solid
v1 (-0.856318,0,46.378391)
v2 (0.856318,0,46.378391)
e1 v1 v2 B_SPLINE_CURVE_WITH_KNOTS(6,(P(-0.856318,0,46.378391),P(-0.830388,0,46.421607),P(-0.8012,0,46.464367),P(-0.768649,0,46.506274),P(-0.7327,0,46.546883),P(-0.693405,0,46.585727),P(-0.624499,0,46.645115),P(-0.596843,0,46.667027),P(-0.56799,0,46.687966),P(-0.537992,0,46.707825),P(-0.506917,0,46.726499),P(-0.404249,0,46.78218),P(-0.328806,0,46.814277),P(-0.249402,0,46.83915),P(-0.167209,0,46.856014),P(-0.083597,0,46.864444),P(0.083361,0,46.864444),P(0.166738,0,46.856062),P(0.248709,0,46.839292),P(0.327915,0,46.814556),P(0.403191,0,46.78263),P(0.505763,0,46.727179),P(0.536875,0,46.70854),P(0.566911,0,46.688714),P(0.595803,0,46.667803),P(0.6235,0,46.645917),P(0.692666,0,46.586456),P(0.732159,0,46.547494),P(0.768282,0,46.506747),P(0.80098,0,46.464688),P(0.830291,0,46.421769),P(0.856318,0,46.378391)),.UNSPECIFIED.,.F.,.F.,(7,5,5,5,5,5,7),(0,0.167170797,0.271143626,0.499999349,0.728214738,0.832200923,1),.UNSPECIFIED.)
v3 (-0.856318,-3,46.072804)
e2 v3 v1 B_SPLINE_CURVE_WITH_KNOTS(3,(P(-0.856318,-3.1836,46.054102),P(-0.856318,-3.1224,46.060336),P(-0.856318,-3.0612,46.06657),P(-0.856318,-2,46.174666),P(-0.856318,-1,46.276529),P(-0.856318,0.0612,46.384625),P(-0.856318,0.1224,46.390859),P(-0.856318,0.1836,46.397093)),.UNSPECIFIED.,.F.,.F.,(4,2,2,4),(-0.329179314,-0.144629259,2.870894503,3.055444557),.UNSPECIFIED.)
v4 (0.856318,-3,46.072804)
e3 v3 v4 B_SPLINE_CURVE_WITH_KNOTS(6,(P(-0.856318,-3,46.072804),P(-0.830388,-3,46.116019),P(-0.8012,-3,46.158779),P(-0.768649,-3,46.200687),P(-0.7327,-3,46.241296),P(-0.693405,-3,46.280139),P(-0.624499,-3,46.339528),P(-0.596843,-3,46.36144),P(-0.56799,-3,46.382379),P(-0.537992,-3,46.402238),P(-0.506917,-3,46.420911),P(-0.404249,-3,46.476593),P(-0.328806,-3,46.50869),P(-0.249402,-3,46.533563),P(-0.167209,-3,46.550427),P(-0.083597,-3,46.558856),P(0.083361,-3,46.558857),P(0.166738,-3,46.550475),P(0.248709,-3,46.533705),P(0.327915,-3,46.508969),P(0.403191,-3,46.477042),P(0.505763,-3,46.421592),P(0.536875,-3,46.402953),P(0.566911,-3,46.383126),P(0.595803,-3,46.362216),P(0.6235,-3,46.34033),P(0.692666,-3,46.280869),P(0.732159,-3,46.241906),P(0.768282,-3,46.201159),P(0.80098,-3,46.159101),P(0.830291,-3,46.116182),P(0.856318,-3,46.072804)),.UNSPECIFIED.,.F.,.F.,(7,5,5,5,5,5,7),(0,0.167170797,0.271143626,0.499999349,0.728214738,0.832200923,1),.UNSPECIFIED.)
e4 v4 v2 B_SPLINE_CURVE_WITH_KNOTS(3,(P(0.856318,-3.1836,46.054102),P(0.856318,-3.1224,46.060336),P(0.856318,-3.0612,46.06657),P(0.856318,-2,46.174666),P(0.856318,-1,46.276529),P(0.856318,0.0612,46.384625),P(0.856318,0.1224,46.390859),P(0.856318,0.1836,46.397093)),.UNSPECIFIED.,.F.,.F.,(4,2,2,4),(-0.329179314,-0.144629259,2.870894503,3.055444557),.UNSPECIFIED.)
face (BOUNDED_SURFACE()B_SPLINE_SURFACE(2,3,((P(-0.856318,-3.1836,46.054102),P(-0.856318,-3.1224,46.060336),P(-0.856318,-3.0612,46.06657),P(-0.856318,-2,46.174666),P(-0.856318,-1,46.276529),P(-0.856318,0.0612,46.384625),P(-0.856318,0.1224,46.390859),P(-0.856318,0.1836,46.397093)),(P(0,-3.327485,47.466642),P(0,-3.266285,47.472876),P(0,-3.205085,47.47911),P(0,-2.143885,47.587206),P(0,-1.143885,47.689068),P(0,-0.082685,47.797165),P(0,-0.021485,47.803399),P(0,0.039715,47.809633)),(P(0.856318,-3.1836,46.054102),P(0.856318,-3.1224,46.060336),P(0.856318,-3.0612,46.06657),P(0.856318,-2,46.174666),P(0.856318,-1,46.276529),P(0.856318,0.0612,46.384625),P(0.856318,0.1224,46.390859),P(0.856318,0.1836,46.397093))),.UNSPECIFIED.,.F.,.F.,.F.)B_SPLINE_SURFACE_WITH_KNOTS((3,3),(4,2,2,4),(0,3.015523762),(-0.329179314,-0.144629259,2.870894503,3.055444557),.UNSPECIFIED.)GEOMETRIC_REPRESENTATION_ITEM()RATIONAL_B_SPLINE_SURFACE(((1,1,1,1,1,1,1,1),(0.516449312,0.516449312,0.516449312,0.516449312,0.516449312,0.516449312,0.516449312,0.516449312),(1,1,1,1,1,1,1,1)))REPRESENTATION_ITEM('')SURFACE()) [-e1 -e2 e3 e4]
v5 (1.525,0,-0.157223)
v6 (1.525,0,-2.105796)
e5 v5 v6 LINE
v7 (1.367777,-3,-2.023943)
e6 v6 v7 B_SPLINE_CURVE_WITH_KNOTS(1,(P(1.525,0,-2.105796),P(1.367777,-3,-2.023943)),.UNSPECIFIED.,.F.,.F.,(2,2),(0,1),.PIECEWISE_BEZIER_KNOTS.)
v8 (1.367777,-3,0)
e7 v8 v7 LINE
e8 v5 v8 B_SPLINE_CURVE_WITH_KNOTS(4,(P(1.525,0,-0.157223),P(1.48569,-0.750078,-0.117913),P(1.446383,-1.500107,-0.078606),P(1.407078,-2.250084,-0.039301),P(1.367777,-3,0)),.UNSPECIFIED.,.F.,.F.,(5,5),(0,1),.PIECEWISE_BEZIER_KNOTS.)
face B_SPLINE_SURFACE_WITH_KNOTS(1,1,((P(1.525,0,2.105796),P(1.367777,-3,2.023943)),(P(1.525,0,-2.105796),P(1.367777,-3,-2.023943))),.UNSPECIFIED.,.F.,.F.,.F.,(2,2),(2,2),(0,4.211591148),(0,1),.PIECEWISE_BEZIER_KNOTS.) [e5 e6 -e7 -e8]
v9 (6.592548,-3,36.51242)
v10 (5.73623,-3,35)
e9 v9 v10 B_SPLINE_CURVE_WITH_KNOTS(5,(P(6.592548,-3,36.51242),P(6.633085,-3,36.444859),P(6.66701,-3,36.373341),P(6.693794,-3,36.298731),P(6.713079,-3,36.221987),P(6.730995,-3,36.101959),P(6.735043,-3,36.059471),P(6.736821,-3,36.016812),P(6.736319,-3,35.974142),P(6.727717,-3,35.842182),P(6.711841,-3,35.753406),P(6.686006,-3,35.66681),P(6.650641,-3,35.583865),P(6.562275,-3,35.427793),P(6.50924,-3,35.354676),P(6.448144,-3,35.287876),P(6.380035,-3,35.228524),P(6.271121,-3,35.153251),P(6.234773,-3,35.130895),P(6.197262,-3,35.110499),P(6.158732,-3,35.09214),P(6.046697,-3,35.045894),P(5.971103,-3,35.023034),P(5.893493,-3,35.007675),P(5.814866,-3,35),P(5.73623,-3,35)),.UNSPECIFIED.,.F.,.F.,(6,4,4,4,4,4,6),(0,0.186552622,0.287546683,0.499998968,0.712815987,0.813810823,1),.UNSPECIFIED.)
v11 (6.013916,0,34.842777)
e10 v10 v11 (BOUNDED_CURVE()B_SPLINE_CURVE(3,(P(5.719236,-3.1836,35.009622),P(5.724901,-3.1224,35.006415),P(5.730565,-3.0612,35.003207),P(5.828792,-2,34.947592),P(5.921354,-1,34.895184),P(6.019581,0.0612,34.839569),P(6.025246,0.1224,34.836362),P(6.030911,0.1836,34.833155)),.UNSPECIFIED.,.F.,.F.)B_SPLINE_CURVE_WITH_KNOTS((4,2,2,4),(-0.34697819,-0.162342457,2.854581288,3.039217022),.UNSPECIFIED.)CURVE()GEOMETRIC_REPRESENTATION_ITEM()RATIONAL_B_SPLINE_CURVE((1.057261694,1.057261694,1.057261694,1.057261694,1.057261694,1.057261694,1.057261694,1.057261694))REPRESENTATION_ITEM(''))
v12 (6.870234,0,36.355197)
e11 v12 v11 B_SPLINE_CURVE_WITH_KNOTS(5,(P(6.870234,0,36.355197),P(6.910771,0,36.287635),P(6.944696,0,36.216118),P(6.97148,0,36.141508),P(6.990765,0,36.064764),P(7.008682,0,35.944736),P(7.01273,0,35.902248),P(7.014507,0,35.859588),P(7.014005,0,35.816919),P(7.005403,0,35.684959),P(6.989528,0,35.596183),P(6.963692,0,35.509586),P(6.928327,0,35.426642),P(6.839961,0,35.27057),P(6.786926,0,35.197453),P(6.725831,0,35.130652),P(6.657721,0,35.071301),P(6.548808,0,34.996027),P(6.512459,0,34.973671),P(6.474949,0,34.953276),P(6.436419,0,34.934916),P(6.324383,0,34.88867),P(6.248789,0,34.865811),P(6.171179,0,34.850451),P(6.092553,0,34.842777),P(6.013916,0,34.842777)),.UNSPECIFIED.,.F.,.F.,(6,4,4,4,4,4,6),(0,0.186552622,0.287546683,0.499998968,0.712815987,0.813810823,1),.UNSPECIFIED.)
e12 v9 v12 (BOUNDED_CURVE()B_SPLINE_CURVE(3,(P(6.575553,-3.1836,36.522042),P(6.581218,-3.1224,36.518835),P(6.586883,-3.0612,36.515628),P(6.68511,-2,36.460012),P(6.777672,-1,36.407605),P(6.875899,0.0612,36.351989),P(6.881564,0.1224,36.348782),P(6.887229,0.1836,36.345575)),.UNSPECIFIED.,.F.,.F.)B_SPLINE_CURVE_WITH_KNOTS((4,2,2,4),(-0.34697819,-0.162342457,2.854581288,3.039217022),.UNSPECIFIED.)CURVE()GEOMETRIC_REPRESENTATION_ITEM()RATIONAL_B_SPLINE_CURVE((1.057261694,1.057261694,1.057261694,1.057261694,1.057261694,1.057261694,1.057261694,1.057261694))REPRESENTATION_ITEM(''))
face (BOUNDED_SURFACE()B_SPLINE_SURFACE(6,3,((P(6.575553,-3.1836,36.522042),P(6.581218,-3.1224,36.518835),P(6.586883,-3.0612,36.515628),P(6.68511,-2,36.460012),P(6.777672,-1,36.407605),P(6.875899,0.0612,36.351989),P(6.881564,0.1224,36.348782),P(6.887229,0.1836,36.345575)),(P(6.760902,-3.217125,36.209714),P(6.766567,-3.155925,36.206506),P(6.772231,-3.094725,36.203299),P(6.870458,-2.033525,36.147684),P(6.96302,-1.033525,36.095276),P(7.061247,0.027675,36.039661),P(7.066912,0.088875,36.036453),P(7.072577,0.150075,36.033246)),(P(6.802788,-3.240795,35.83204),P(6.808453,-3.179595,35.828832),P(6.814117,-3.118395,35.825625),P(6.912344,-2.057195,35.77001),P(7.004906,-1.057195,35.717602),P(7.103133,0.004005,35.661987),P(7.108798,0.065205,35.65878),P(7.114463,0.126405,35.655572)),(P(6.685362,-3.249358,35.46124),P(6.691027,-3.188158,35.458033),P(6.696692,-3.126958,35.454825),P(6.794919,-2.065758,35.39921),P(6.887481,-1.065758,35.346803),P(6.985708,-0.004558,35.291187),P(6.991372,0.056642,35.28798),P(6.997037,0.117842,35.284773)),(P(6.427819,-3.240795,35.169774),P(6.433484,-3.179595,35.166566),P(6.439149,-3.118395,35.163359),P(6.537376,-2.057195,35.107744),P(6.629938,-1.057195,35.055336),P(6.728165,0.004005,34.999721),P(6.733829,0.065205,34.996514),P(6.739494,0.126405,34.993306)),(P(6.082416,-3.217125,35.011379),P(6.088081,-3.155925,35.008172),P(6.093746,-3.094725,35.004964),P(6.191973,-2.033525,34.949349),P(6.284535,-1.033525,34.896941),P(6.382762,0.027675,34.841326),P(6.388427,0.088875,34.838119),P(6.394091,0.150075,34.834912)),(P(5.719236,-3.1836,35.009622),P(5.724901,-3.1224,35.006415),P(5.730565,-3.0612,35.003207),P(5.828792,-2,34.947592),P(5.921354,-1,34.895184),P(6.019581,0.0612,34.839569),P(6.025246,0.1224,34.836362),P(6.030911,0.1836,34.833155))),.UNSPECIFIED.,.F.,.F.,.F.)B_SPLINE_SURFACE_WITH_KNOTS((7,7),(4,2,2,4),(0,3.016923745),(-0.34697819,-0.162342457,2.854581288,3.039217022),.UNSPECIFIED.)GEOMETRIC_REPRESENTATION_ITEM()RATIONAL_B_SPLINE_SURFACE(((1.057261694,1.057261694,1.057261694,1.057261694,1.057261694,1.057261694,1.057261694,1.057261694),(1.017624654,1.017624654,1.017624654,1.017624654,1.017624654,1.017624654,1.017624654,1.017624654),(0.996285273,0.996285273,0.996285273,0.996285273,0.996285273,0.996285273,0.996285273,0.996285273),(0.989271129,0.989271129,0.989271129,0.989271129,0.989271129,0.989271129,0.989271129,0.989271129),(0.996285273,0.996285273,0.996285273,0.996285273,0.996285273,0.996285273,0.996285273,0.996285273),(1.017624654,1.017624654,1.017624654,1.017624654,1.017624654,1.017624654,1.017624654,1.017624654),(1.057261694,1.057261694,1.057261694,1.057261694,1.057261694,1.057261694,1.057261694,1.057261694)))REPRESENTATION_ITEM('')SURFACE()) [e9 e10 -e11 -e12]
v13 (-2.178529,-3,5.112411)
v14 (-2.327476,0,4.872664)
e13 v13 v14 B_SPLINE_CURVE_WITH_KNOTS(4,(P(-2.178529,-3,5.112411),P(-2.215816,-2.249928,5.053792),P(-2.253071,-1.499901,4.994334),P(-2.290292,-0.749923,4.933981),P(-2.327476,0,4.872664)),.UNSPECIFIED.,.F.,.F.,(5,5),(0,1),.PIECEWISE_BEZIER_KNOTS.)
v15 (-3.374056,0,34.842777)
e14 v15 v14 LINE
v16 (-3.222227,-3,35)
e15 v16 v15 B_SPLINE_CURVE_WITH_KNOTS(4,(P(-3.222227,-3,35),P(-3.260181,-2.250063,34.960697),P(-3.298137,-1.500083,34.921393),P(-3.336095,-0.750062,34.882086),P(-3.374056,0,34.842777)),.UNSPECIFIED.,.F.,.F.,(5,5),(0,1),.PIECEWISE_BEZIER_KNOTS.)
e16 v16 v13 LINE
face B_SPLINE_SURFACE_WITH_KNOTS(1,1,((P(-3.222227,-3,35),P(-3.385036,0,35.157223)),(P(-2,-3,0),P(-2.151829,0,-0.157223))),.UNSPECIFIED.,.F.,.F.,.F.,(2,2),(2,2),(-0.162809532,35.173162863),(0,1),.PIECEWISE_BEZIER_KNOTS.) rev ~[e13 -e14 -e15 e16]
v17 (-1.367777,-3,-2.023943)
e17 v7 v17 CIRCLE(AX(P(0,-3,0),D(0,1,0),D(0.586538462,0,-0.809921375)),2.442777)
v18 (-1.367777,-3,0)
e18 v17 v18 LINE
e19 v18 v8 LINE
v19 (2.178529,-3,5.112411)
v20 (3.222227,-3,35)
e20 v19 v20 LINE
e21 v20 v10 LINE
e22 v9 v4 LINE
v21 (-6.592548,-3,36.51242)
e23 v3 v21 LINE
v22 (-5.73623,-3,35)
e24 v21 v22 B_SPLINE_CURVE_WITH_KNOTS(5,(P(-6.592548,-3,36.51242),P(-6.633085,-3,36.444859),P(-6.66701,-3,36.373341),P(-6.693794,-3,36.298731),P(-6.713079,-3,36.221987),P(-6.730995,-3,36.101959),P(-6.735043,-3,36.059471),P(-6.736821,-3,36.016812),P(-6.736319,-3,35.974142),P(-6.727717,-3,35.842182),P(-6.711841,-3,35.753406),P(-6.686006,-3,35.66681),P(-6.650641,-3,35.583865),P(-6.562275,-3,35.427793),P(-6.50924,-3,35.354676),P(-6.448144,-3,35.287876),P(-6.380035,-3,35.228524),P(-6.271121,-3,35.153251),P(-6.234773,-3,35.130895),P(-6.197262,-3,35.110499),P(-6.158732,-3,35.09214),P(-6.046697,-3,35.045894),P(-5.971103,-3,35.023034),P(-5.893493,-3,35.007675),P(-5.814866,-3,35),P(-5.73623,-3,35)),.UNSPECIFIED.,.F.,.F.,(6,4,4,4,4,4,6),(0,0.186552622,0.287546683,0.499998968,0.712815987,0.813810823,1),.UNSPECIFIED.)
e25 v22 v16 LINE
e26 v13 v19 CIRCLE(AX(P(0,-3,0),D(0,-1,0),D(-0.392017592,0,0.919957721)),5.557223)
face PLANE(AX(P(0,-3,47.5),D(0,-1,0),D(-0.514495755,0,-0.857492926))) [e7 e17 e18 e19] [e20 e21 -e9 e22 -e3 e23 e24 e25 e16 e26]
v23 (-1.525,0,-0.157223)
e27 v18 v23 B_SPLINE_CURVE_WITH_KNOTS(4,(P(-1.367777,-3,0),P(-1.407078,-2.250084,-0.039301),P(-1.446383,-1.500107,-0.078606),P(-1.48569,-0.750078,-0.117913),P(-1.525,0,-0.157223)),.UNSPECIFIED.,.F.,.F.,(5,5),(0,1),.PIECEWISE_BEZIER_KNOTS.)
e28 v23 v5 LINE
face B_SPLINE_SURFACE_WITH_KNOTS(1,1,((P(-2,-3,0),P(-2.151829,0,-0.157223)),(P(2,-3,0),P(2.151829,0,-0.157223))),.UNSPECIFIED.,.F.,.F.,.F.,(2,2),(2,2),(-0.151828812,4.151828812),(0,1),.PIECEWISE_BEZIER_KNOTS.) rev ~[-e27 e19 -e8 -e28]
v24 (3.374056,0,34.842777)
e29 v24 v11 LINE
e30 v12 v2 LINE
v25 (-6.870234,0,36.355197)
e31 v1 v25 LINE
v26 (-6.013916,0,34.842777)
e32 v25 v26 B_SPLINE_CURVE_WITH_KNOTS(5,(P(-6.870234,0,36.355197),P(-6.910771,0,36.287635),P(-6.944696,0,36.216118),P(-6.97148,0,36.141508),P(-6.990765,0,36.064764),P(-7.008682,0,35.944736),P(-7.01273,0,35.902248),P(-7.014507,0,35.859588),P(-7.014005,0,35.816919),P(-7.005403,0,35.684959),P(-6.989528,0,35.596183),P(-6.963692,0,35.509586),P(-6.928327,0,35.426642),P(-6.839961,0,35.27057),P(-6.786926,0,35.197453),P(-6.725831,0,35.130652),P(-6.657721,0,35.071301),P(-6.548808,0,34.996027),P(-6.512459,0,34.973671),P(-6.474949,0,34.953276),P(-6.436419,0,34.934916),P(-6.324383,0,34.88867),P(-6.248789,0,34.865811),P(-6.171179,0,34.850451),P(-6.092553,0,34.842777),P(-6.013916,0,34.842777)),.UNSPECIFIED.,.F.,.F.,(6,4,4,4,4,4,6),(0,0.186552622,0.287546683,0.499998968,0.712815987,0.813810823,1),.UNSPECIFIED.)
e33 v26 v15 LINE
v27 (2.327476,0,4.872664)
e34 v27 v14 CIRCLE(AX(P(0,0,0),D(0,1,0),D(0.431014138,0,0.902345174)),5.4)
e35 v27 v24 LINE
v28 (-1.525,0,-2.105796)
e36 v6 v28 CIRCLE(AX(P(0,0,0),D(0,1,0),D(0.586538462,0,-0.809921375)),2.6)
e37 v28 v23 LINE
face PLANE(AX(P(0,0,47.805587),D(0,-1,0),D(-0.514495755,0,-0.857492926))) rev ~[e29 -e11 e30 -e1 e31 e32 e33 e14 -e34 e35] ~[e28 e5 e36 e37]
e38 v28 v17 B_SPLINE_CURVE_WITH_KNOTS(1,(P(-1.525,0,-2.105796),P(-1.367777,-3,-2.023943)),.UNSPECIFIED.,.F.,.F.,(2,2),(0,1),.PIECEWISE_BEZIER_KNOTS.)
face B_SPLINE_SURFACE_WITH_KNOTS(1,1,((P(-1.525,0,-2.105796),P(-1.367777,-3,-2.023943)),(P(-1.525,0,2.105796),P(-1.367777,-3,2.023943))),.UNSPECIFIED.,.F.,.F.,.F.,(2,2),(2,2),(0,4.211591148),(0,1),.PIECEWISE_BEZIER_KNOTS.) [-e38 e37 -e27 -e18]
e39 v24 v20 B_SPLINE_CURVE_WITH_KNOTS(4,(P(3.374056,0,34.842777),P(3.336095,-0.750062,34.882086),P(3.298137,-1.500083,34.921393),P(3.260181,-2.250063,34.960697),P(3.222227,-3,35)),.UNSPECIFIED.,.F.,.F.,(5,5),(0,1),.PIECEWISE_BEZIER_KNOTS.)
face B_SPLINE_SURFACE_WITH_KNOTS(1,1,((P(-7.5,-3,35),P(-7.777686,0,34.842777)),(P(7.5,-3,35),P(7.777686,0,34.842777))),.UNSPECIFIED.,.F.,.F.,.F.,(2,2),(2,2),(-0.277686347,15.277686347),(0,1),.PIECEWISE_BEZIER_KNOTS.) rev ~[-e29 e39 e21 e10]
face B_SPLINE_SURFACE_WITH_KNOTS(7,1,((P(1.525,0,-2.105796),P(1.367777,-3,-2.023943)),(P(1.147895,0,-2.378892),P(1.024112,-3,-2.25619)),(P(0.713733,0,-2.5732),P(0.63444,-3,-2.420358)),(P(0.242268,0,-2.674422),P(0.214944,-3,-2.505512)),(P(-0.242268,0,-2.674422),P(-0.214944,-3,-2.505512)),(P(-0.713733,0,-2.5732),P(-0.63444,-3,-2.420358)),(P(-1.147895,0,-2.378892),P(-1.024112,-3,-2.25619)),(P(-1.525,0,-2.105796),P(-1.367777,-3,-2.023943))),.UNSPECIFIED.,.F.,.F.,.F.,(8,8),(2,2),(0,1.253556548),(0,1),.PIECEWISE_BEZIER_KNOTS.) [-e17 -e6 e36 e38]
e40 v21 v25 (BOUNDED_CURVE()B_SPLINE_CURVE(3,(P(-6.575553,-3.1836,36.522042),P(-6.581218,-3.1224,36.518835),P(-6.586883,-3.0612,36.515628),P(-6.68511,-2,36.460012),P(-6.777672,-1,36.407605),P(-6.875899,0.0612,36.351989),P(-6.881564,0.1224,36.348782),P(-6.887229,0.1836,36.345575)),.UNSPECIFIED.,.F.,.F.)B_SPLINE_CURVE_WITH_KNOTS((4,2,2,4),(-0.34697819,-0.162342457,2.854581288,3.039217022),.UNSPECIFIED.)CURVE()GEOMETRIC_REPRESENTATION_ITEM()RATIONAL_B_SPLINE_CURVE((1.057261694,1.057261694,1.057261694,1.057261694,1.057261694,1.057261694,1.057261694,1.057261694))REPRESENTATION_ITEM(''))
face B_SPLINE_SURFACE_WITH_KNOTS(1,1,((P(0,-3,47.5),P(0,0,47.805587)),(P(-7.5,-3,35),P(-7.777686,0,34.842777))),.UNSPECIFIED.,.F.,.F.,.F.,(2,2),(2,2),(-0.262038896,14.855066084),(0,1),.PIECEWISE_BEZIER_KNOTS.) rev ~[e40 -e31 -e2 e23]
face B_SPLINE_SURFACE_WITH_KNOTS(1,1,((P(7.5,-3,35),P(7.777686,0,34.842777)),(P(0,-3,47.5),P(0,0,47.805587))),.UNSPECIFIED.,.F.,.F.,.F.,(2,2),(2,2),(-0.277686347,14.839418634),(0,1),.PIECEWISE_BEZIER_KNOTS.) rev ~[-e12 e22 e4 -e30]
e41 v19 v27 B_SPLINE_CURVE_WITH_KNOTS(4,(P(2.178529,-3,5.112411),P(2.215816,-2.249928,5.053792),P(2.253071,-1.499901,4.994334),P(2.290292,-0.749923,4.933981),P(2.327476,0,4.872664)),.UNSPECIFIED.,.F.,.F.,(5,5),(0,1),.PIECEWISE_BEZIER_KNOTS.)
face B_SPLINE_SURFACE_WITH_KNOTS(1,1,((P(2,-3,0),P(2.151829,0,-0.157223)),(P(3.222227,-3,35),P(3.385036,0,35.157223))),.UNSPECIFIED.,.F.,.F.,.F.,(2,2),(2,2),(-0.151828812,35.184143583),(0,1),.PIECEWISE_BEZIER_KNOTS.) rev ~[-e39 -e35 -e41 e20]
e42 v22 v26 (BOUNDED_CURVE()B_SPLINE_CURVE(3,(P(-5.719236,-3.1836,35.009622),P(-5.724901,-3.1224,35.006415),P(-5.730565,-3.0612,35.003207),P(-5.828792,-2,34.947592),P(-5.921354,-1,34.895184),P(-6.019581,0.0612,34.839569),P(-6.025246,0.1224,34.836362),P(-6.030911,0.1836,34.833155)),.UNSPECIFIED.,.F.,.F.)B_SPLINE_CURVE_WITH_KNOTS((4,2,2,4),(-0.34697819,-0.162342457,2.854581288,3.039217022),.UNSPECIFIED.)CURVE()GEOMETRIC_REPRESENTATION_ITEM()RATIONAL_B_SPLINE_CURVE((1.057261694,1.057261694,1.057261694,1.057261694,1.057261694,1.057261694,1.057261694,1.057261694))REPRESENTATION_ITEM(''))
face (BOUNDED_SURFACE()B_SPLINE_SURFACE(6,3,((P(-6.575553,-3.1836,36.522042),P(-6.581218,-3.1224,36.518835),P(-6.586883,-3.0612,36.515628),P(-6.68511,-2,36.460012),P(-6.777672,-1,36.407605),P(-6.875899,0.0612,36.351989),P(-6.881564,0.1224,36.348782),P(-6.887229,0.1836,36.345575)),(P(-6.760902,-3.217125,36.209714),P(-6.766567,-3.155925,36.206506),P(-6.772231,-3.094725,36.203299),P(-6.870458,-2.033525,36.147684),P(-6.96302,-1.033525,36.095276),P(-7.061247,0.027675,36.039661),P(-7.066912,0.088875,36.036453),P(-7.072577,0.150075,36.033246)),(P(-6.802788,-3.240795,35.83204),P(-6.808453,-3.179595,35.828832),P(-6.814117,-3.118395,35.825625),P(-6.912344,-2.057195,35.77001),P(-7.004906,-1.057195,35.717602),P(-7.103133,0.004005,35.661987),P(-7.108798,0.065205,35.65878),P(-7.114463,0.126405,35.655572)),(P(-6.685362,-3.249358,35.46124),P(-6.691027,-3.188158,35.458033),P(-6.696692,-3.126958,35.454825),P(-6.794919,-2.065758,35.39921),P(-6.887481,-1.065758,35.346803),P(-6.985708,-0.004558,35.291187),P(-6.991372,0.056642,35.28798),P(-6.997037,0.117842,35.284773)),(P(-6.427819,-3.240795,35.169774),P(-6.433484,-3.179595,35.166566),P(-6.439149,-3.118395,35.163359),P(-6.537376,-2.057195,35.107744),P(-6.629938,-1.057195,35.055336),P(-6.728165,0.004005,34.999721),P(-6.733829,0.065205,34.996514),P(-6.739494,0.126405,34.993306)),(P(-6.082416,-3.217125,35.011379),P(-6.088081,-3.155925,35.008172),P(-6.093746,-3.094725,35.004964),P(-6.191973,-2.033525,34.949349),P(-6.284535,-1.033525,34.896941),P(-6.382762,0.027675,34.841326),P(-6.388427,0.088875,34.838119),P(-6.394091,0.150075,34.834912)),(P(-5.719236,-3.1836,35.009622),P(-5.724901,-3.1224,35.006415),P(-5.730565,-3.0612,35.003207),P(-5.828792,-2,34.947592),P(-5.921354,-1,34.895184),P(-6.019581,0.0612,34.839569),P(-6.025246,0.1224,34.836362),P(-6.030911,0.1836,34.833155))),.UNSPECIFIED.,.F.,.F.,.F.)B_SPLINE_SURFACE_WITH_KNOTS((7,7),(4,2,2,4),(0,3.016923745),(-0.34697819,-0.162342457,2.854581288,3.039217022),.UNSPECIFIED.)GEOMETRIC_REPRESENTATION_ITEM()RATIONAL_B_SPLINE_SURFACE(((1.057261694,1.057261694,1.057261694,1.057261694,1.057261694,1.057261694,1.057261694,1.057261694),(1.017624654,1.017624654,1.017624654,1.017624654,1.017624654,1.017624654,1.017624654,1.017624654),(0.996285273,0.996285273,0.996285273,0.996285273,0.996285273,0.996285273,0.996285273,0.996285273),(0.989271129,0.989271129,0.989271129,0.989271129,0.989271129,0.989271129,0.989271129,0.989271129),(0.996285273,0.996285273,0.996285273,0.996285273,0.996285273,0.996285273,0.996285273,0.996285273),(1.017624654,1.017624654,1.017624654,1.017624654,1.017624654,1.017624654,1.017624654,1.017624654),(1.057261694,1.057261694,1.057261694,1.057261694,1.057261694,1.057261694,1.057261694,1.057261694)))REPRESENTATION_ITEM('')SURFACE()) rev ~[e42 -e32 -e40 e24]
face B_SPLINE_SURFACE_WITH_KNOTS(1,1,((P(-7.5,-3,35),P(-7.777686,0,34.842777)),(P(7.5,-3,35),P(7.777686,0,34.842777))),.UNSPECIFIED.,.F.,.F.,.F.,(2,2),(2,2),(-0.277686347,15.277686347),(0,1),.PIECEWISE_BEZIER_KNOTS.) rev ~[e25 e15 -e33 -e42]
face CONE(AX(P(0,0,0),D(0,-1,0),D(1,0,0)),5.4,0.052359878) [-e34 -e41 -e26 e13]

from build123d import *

# Parameters (mm, degrees)
F0_R     = 5.4
F1_DEPTH = 3
F1_TAPER = -3
F3_DEPTH = 3
F3_TAPER = -3
F5_DEPTH = 3
F5_TAPER = -3
F6_R     = 1


with BuildPart() as f1:
    # F0 (on Front) → F1 (new body)
    with BuildSketch(Plane.XZ):
        Circle(F0_R)
        with BuildLine():
            ThreePointArc((1.525, 2.1057955741), (2.3157072354, 1.1821590418), (2.6, 0))
            ThreePointArc((2.6, 0), (2.3157072354, -1.1821590418), (1.525, -2.1057955741))
            ThreePointArc((1.525, -2.1057955741), (0, -2.6), (-1.525, -2.1057955741))
            ThreePointArc((-1.525, -2.1057955741), (-2.6, 0), (-1.525, 2.1057955741))
            ThreePointArc((-1.525, 2.1057955741), (0, 2.6), (1.525, 2.1057955741))
        make_face(mode=Mode.SUBTRACT)
        with BuildLine():
            ThreePointArc((1.525, -2.1057955741), (2.3157072354, -1.1821590418), (2.6, 0))
            ThreePointArc((2.6, 0), (2.3157072354, 1.1821590418), (1.525, 2.1057955741))
            Line((1.525, 2.1057955741), (1.525, -2.1057955741))
        make_face()
        with BuildLine():
            Line((-1.525, -2.1057955741), (-1.525, 2.1057955741))
            ThreePointArc((-1.525, 2.1057955741), (-2.6, 0), (-1.525, -2.1057955741))
        make_face()
    extrude(amount=F1_DEPTH, taper=F1_TAPER)

    # F2 (on face) → F3 (join)
    with BuildSketch(Plane.XZ.offset(3)):
        Polygon((3.2222269322, 35), (0, 35), (-3.2222269322, 35), (-2, 0), (0, 0), (2, 0), align=None)
    extrude(amount=-F3_DEPTH, taper=F3_TAPER)

    # F4 (on face) → F5 (join)
    with BuildSketch(Plane.XZ.offset(3)):
        Polygon((0, 47.5), (-7.5, 35), (-3.2222269322, 35), (3.2222269322, 35), (7.5, 35), align=None)
    extrude(amount=-F5_DEPTH, taper=F5_TAPER)

    # F6
    f6_edges = [f1.edges().sort_by_distance(p)[0] for p in [
        (0, -1.5, 47.652794),
        (-7.638843, -1.5, 34.921388),
        (7.638843, -1.5, 34.921388),
    ]]
    fillet(f6_edges, radius=F6_R)


solid = f1.part
